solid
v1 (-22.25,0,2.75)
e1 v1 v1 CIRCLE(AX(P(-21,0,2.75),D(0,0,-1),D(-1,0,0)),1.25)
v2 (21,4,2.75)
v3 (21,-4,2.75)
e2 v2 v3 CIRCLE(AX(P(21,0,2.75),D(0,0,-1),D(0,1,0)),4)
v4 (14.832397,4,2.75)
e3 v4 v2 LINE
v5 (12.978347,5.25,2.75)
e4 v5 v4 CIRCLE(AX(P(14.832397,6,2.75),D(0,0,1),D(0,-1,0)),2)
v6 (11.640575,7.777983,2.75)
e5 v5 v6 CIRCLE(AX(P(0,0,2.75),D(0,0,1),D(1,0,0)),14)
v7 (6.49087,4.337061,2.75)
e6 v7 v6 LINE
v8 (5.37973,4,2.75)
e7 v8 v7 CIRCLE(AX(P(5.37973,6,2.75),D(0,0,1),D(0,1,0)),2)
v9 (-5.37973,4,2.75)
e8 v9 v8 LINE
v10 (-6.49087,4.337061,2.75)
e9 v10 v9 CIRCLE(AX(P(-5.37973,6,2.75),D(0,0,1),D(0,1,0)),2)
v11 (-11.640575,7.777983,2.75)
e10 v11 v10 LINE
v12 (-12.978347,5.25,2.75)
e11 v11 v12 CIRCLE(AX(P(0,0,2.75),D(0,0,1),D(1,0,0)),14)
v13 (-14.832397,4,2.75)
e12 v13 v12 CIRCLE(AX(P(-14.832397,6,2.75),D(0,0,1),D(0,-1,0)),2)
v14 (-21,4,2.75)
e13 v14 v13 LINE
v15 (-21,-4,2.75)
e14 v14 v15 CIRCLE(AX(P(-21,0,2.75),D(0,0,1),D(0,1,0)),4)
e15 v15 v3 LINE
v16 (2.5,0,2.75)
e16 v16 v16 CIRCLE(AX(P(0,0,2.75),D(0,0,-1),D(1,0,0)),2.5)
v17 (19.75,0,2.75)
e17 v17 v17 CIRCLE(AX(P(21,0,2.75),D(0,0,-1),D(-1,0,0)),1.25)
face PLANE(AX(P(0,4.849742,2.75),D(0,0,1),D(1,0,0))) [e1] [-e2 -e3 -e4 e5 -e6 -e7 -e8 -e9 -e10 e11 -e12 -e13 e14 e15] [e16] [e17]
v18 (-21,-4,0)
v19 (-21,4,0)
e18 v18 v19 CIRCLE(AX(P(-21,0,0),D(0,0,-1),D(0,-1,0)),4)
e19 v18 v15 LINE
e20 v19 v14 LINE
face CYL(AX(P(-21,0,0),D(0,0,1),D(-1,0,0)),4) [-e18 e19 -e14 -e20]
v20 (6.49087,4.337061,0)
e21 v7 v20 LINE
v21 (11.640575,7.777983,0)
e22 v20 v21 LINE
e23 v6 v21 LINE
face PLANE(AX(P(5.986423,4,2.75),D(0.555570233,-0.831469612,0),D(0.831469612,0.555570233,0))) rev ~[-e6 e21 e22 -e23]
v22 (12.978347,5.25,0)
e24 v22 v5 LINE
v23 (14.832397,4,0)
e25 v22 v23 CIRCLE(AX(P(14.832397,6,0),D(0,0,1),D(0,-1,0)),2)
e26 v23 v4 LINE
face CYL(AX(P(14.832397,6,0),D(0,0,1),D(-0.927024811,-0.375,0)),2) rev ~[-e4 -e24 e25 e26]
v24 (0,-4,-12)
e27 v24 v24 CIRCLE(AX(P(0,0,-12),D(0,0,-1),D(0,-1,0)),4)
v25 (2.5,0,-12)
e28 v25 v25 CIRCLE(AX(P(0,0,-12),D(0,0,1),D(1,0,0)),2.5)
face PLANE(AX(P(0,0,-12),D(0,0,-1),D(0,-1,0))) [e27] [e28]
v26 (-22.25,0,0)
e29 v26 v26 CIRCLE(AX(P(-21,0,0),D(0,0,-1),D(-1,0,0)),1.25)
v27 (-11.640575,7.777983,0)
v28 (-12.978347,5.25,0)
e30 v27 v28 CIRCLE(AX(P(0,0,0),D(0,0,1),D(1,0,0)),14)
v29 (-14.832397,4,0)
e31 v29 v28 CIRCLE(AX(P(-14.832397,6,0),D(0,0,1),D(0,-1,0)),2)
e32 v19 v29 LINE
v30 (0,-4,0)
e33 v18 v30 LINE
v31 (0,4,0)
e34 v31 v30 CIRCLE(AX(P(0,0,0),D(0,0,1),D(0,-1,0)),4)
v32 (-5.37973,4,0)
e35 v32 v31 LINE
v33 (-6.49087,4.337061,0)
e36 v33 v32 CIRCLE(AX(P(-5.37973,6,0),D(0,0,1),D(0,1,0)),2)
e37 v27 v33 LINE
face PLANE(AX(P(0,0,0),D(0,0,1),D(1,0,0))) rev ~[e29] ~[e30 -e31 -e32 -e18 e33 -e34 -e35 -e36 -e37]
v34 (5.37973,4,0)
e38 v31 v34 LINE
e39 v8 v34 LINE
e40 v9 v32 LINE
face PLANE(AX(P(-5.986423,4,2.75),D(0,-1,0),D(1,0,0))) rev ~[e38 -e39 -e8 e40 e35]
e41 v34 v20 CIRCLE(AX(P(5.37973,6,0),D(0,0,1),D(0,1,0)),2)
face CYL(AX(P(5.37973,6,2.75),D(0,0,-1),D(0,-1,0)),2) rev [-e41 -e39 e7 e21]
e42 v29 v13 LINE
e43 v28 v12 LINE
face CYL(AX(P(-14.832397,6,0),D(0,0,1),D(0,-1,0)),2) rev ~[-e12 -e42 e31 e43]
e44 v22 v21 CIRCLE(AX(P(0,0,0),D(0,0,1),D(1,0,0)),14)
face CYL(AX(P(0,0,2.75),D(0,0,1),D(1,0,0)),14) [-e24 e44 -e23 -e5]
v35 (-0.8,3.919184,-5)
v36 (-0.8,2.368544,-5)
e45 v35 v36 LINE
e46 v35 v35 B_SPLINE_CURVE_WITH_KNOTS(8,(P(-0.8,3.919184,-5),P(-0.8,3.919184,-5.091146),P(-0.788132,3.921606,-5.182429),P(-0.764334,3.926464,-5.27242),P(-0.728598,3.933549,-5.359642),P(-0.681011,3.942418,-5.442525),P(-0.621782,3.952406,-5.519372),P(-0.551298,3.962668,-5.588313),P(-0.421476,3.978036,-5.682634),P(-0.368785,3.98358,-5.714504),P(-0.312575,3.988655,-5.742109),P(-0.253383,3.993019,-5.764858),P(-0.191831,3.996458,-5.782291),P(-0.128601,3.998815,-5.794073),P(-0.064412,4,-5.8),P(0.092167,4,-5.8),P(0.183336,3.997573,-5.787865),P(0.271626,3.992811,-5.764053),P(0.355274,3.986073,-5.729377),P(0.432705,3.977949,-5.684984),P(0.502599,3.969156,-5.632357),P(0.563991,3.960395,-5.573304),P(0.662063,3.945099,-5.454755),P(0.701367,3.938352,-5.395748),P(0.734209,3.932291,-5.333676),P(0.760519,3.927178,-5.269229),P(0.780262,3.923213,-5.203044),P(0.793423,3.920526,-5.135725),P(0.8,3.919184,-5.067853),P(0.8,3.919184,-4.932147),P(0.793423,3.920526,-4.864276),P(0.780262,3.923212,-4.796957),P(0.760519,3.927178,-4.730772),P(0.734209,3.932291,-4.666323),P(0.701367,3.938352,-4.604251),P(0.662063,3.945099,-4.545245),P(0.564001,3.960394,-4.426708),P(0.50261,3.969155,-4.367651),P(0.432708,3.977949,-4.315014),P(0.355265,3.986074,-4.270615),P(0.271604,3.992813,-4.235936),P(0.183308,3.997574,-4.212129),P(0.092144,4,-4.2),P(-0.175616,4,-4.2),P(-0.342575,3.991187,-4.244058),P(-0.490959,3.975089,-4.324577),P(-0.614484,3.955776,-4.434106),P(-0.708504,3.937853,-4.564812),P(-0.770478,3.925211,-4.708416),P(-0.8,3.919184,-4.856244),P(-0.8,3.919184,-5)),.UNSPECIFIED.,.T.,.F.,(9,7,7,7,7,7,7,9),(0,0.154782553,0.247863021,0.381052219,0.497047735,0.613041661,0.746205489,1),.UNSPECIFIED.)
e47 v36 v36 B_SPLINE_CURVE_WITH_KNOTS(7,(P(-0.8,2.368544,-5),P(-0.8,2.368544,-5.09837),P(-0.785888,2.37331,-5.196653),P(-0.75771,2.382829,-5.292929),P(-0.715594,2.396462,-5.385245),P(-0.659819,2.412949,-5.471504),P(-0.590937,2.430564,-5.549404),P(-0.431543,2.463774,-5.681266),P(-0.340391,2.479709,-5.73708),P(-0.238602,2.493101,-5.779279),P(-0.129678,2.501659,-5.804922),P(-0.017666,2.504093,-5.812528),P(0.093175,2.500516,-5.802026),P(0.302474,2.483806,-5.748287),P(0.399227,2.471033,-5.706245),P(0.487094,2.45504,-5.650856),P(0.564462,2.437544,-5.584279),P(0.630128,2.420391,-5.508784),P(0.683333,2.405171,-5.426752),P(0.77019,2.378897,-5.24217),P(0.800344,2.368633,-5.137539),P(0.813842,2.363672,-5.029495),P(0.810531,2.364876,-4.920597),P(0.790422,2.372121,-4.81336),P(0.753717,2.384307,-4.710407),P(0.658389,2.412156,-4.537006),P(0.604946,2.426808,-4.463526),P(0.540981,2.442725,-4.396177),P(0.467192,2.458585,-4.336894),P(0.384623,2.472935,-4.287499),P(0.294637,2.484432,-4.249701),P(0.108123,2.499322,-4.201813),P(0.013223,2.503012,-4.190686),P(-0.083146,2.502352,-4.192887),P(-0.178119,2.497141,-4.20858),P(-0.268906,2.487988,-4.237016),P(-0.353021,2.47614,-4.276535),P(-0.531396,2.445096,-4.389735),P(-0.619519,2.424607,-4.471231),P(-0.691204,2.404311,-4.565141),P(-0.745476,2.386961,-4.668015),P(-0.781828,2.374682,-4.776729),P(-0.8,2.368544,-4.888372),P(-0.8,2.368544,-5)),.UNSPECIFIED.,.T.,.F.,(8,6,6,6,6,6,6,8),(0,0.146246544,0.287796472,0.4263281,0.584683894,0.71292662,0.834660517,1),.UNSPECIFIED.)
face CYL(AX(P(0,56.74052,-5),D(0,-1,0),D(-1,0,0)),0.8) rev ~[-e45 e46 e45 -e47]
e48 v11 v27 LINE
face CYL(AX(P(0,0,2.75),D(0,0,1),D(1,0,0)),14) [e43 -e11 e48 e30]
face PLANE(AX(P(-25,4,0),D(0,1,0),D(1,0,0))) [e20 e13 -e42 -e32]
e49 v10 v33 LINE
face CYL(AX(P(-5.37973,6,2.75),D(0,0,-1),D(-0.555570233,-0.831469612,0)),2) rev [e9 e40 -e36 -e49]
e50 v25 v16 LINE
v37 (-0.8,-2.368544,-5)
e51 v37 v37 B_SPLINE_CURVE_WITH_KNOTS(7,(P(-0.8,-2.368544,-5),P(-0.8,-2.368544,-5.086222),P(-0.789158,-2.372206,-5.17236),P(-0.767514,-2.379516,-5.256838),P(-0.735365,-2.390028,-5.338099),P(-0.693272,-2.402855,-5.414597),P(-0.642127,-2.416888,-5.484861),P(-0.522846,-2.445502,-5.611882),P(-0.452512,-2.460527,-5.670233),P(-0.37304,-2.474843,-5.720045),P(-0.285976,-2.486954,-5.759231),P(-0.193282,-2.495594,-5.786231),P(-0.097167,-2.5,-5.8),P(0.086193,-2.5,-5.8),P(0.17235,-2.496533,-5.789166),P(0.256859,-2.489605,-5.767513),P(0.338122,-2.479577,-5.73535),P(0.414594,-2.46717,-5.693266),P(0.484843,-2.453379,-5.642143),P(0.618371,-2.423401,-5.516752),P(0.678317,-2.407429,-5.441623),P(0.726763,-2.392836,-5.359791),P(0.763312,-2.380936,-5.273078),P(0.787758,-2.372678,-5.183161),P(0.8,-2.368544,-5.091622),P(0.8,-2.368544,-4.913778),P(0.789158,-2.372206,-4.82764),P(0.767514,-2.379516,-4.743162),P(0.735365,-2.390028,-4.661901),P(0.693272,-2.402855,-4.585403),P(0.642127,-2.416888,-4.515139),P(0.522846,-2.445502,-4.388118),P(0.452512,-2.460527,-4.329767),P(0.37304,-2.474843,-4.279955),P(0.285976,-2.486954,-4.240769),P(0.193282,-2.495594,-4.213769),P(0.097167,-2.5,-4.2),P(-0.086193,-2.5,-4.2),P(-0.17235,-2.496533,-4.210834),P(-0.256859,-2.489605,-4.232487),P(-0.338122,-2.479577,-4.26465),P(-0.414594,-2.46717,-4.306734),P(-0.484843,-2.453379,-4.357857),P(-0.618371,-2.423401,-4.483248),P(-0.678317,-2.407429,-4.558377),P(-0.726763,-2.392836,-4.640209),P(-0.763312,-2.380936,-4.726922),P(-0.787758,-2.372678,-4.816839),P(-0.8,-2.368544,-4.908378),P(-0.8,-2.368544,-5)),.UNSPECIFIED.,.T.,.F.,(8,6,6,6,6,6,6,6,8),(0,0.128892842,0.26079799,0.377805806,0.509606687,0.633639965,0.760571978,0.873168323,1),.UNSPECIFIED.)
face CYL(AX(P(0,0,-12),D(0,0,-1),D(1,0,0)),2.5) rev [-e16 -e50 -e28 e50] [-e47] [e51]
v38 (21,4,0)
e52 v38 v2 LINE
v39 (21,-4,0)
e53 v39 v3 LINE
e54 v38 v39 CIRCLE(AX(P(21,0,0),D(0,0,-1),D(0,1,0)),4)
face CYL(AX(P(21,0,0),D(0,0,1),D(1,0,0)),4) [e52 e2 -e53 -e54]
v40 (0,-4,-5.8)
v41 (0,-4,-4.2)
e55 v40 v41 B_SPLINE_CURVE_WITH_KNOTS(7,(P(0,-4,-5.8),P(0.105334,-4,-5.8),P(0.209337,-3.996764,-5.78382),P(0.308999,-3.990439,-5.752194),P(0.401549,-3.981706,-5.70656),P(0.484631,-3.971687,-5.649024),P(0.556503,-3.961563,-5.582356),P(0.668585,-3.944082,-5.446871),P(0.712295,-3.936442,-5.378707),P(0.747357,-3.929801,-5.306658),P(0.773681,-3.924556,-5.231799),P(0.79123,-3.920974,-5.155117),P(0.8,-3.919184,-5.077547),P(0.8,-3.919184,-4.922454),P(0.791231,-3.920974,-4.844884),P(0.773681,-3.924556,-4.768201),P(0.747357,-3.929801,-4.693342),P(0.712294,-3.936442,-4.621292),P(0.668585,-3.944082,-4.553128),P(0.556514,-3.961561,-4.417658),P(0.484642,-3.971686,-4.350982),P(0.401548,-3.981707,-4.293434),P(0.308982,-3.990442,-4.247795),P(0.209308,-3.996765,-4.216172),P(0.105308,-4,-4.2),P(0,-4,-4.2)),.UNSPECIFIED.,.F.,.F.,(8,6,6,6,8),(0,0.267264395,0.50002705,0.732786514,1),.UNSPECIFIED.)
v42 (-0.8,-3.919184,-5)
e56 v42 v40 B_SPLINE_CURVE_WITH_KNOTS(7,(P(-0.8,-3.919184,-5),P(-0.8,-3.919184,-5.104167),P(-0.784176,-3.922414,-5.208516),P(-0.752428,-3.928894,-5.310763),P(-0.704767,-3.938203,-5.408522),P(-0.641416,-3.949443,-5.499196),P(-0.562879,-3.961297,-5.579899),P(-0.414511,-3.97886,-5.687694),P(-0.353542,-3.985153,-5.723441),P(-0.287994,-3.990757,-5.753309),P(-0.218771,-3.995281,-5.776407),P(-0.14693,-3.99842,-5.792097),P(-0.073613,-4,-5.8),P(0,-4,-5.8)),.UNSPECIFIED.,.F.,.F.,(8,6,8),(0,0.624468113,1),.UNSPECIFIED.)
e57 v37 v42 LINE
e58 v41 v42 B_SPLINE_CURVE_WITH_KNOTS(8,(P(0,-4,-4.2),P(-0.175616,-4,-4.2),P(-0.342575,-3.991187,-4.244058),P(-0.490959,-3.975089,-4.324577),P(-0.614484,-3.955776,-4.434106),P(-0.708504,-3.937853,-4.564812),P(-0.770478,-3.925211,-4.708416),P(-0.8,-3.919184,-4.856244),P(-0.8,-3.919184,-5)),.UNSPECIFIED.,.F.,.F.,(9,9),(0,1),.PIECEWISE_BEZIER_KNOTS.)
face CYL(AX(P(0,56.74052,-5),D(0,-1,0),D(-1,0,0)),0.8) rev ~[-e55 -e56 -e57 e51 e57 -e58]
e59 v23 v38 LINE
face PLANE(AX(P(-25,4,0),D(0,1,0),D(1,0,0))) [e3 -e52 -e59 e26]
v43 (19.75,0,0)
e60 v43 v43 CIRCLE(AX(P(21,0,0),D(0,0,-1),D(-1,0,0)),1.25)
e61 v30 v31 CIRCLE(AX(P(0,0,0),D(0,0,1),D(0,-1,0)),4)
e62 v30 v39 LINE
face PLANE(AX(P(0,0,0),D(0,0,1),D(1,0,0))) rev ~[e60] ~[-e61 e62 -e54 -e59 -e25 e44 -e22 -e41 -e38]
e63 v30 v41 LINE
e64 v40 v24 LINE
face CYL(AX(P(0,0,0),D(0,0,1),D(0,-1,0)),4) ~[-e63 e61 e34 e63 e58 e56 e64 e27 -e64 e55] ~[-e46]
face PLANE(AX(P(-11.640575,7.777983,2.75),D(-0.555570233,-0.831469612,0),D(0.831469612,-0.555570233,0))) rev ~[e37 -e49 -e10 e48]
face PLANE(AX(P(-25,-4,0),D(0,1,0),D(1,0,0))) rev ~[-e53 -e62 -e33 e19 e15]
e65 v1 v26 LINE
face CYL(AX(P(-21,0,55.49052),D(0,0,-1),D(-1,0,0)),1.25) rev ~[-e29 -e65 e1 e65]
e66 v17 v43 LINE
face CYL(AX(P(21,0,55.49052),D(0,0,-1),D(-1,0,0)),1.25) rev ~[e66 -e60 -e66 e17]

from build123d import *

# Parameters (mm, degrees)
SKETCH_1_W             = 50
SKETCH_1_H             = 8
EXTRUDE_484_DEPTH      = 2.75
SKETCH_6_R             = 4
EXTRUDE_752_DEPTH      = 12
HOLE_WIZARD_M3_D       = 2.5
HOLE_WIZARD_M2_D       = 1.6
EXTRUDE_3073_DEPTH     = 2.75
CUT_EXTRUDE_3452_DEPTH = 2.75
SKETCH_10_R            = 2.5
CUT_EXTRUDE_3895_DEPTH = 31.050948797
FILLET_4_RADIUS        = 4
FILLET_4_LENGTH        = 2.75
FILLET_5_RADIUS        = 4
FILLET_5_LENGTH        = 2.75
FILLET_6_R             = 2


with BuildPart() as part:
    # Эскиз1 → Extrude 484 (new body)
    with BuildSketch(Plane.XY):
        Rectangle(SKETCH_1_W, SKETCH_1_H)
    extrude(amount=EXTRUDE_484_DEPTH)

    # Эскиз6 → Extrude 752 (add)
    with BuildSketch(Plane(origin=(0, 0, 0), x_dir=(-1, 0, 0), z_dir=(0, 0, -1))):
        with Locations(Location((0, 0, 0), (0, 0, 270))):
            Circle(SKETCH_6_R)
    extrude(amount=EXTRUDE_752_DEPTH)

    # Крепление толкателей M3 (through all)
    with Locations(Plane.XY.offset(2.75)):
        with Locations((-21, 0), (21, 0)):
            Hole(HOLE_WIZARD_M3_D / 2)

    # Крепление вала M2 (through all)
    with Locations(Plane(origin=(0, 4, -5), x_dir=(1, 0, 0), z_dir=(0, 1, 0))):
        with Locations((0, 0)):
            Hole(HOLE_WIZARD_M2_D / 2)

    # Эскиз11 → Extrude 3073 (add)
    with BuildSketch(Plane.XY.offset(2.75)):
        with BuildLine():
            Line((-14, 0), (0, 0))
            Line((0, 0), (14, 0))
            ThreePointArc((14, 0), (0, 14), (-14, 0))
        make_face()
    extrude(amount=-EXTRUDE_3073_DEPTH)

    # Эскиз12 → Cut-Extrude 3452 (cut)
    with BuildSketch(Plane.XY.offset(2.75)):
        with BuildLine():
            Line((-5.986423051, 4), (5.986423051, 4))
            Line((5.986423051, 4), (11.640574572, 7.777983262))
            ThreePointArc((11.640574572, 7.777983262), (0, 14), (-11.640574572, 7.777983262))
            Line((-11.640574572, 7.777983262), (-5.986423051, 4))
        make_face()
    extrude(amount=-CUT_EXTRUDE_3452_DEPTH, mode=Mode.SUBTRACT)

    # Эскиз10 → Cut-Extrude 3895 (cut, through all)
    with BuildSketch(Plane.XY.offset(-12)):
        Circle(SKETCH_10_R)
    extrude(amount=CUT_EXTRUDE_3895_DEPTH, mode=Mode.SUBTRACT)

    # Скругление4: full round fillet: the end face becomes a half cylinder, R = half its width
    fillet_4_face = Plane((-25, 0, 1.375), x_dir=(0, 0, 1), z_dir=(-1, 0, 0))  # on the end face: x along it, z out of the body
    fillet_4_slab = fillet_4_face.offset(-FILLET_4_RADIUS / 2) * Box(FILLET_4_LENGTH, 2 * FILLET_4_RADIUS, FILLET_4_RADIUS, mode=Mode.PRIVATE)  # the body's end, R deep
    fillet_4_round = Plane((-21, 0, 1.375), x_dir=(-1, 0, 0), z_dir=(0, 0, 1)) * Cylinder(FILLET_4_RADIUS, FILLET_4_LENGTH, mode=Mode.PRIVATE)  # its axis R under the face
    add(fillet_4_slab - fillet_4_round, mode=Mode.SUBTRACT)

    # Скругление5: full round fillet: the end face becomes a half cylinder, R = half its width
    fillet_5_face = Plane((25, 0, 1.375), x_dir=(0, 0, 1), z_dir=(1, 0, 0))  # on the end face: x along it, z out of the body
    fillet_5_slab = fillet_5_face.offset(-FILLET_5_RADIUS / 2) * Box(FILLET_5_LENGTH, 2 * FILLET_5_RADIUS, FILLET_5_RADIUS, mode=Mode.PRIVATE)  # the body's end, R deep
    fillet_5_round = Plane((21, 0, 1.375), x_dir=(1, 0, 0), z_dir=(0, 0, 1)) * Cylinder(FILLET_5_RADIUS, FILLET_5_LENGTH, mode=Mode.PRIVATE)  # its axis R under the face
    add(fillet_5_slab - fillet_5_round, mode=Mode.SUBTRACT)

    # Скругление6
    fillet_6_edges = [part.edges().sort_by_distance(p)[0] for p in [
        (13.416407865, 4, 1.375),
        (-13.416407865, 4, 1.375),
        (5.986423051, 4, 1.375),
        (-5.986423051, 4, 1.375),
    ]]
    fillet(fillet_6_edges, radius=FILLET_6_R)


solid = part.part
